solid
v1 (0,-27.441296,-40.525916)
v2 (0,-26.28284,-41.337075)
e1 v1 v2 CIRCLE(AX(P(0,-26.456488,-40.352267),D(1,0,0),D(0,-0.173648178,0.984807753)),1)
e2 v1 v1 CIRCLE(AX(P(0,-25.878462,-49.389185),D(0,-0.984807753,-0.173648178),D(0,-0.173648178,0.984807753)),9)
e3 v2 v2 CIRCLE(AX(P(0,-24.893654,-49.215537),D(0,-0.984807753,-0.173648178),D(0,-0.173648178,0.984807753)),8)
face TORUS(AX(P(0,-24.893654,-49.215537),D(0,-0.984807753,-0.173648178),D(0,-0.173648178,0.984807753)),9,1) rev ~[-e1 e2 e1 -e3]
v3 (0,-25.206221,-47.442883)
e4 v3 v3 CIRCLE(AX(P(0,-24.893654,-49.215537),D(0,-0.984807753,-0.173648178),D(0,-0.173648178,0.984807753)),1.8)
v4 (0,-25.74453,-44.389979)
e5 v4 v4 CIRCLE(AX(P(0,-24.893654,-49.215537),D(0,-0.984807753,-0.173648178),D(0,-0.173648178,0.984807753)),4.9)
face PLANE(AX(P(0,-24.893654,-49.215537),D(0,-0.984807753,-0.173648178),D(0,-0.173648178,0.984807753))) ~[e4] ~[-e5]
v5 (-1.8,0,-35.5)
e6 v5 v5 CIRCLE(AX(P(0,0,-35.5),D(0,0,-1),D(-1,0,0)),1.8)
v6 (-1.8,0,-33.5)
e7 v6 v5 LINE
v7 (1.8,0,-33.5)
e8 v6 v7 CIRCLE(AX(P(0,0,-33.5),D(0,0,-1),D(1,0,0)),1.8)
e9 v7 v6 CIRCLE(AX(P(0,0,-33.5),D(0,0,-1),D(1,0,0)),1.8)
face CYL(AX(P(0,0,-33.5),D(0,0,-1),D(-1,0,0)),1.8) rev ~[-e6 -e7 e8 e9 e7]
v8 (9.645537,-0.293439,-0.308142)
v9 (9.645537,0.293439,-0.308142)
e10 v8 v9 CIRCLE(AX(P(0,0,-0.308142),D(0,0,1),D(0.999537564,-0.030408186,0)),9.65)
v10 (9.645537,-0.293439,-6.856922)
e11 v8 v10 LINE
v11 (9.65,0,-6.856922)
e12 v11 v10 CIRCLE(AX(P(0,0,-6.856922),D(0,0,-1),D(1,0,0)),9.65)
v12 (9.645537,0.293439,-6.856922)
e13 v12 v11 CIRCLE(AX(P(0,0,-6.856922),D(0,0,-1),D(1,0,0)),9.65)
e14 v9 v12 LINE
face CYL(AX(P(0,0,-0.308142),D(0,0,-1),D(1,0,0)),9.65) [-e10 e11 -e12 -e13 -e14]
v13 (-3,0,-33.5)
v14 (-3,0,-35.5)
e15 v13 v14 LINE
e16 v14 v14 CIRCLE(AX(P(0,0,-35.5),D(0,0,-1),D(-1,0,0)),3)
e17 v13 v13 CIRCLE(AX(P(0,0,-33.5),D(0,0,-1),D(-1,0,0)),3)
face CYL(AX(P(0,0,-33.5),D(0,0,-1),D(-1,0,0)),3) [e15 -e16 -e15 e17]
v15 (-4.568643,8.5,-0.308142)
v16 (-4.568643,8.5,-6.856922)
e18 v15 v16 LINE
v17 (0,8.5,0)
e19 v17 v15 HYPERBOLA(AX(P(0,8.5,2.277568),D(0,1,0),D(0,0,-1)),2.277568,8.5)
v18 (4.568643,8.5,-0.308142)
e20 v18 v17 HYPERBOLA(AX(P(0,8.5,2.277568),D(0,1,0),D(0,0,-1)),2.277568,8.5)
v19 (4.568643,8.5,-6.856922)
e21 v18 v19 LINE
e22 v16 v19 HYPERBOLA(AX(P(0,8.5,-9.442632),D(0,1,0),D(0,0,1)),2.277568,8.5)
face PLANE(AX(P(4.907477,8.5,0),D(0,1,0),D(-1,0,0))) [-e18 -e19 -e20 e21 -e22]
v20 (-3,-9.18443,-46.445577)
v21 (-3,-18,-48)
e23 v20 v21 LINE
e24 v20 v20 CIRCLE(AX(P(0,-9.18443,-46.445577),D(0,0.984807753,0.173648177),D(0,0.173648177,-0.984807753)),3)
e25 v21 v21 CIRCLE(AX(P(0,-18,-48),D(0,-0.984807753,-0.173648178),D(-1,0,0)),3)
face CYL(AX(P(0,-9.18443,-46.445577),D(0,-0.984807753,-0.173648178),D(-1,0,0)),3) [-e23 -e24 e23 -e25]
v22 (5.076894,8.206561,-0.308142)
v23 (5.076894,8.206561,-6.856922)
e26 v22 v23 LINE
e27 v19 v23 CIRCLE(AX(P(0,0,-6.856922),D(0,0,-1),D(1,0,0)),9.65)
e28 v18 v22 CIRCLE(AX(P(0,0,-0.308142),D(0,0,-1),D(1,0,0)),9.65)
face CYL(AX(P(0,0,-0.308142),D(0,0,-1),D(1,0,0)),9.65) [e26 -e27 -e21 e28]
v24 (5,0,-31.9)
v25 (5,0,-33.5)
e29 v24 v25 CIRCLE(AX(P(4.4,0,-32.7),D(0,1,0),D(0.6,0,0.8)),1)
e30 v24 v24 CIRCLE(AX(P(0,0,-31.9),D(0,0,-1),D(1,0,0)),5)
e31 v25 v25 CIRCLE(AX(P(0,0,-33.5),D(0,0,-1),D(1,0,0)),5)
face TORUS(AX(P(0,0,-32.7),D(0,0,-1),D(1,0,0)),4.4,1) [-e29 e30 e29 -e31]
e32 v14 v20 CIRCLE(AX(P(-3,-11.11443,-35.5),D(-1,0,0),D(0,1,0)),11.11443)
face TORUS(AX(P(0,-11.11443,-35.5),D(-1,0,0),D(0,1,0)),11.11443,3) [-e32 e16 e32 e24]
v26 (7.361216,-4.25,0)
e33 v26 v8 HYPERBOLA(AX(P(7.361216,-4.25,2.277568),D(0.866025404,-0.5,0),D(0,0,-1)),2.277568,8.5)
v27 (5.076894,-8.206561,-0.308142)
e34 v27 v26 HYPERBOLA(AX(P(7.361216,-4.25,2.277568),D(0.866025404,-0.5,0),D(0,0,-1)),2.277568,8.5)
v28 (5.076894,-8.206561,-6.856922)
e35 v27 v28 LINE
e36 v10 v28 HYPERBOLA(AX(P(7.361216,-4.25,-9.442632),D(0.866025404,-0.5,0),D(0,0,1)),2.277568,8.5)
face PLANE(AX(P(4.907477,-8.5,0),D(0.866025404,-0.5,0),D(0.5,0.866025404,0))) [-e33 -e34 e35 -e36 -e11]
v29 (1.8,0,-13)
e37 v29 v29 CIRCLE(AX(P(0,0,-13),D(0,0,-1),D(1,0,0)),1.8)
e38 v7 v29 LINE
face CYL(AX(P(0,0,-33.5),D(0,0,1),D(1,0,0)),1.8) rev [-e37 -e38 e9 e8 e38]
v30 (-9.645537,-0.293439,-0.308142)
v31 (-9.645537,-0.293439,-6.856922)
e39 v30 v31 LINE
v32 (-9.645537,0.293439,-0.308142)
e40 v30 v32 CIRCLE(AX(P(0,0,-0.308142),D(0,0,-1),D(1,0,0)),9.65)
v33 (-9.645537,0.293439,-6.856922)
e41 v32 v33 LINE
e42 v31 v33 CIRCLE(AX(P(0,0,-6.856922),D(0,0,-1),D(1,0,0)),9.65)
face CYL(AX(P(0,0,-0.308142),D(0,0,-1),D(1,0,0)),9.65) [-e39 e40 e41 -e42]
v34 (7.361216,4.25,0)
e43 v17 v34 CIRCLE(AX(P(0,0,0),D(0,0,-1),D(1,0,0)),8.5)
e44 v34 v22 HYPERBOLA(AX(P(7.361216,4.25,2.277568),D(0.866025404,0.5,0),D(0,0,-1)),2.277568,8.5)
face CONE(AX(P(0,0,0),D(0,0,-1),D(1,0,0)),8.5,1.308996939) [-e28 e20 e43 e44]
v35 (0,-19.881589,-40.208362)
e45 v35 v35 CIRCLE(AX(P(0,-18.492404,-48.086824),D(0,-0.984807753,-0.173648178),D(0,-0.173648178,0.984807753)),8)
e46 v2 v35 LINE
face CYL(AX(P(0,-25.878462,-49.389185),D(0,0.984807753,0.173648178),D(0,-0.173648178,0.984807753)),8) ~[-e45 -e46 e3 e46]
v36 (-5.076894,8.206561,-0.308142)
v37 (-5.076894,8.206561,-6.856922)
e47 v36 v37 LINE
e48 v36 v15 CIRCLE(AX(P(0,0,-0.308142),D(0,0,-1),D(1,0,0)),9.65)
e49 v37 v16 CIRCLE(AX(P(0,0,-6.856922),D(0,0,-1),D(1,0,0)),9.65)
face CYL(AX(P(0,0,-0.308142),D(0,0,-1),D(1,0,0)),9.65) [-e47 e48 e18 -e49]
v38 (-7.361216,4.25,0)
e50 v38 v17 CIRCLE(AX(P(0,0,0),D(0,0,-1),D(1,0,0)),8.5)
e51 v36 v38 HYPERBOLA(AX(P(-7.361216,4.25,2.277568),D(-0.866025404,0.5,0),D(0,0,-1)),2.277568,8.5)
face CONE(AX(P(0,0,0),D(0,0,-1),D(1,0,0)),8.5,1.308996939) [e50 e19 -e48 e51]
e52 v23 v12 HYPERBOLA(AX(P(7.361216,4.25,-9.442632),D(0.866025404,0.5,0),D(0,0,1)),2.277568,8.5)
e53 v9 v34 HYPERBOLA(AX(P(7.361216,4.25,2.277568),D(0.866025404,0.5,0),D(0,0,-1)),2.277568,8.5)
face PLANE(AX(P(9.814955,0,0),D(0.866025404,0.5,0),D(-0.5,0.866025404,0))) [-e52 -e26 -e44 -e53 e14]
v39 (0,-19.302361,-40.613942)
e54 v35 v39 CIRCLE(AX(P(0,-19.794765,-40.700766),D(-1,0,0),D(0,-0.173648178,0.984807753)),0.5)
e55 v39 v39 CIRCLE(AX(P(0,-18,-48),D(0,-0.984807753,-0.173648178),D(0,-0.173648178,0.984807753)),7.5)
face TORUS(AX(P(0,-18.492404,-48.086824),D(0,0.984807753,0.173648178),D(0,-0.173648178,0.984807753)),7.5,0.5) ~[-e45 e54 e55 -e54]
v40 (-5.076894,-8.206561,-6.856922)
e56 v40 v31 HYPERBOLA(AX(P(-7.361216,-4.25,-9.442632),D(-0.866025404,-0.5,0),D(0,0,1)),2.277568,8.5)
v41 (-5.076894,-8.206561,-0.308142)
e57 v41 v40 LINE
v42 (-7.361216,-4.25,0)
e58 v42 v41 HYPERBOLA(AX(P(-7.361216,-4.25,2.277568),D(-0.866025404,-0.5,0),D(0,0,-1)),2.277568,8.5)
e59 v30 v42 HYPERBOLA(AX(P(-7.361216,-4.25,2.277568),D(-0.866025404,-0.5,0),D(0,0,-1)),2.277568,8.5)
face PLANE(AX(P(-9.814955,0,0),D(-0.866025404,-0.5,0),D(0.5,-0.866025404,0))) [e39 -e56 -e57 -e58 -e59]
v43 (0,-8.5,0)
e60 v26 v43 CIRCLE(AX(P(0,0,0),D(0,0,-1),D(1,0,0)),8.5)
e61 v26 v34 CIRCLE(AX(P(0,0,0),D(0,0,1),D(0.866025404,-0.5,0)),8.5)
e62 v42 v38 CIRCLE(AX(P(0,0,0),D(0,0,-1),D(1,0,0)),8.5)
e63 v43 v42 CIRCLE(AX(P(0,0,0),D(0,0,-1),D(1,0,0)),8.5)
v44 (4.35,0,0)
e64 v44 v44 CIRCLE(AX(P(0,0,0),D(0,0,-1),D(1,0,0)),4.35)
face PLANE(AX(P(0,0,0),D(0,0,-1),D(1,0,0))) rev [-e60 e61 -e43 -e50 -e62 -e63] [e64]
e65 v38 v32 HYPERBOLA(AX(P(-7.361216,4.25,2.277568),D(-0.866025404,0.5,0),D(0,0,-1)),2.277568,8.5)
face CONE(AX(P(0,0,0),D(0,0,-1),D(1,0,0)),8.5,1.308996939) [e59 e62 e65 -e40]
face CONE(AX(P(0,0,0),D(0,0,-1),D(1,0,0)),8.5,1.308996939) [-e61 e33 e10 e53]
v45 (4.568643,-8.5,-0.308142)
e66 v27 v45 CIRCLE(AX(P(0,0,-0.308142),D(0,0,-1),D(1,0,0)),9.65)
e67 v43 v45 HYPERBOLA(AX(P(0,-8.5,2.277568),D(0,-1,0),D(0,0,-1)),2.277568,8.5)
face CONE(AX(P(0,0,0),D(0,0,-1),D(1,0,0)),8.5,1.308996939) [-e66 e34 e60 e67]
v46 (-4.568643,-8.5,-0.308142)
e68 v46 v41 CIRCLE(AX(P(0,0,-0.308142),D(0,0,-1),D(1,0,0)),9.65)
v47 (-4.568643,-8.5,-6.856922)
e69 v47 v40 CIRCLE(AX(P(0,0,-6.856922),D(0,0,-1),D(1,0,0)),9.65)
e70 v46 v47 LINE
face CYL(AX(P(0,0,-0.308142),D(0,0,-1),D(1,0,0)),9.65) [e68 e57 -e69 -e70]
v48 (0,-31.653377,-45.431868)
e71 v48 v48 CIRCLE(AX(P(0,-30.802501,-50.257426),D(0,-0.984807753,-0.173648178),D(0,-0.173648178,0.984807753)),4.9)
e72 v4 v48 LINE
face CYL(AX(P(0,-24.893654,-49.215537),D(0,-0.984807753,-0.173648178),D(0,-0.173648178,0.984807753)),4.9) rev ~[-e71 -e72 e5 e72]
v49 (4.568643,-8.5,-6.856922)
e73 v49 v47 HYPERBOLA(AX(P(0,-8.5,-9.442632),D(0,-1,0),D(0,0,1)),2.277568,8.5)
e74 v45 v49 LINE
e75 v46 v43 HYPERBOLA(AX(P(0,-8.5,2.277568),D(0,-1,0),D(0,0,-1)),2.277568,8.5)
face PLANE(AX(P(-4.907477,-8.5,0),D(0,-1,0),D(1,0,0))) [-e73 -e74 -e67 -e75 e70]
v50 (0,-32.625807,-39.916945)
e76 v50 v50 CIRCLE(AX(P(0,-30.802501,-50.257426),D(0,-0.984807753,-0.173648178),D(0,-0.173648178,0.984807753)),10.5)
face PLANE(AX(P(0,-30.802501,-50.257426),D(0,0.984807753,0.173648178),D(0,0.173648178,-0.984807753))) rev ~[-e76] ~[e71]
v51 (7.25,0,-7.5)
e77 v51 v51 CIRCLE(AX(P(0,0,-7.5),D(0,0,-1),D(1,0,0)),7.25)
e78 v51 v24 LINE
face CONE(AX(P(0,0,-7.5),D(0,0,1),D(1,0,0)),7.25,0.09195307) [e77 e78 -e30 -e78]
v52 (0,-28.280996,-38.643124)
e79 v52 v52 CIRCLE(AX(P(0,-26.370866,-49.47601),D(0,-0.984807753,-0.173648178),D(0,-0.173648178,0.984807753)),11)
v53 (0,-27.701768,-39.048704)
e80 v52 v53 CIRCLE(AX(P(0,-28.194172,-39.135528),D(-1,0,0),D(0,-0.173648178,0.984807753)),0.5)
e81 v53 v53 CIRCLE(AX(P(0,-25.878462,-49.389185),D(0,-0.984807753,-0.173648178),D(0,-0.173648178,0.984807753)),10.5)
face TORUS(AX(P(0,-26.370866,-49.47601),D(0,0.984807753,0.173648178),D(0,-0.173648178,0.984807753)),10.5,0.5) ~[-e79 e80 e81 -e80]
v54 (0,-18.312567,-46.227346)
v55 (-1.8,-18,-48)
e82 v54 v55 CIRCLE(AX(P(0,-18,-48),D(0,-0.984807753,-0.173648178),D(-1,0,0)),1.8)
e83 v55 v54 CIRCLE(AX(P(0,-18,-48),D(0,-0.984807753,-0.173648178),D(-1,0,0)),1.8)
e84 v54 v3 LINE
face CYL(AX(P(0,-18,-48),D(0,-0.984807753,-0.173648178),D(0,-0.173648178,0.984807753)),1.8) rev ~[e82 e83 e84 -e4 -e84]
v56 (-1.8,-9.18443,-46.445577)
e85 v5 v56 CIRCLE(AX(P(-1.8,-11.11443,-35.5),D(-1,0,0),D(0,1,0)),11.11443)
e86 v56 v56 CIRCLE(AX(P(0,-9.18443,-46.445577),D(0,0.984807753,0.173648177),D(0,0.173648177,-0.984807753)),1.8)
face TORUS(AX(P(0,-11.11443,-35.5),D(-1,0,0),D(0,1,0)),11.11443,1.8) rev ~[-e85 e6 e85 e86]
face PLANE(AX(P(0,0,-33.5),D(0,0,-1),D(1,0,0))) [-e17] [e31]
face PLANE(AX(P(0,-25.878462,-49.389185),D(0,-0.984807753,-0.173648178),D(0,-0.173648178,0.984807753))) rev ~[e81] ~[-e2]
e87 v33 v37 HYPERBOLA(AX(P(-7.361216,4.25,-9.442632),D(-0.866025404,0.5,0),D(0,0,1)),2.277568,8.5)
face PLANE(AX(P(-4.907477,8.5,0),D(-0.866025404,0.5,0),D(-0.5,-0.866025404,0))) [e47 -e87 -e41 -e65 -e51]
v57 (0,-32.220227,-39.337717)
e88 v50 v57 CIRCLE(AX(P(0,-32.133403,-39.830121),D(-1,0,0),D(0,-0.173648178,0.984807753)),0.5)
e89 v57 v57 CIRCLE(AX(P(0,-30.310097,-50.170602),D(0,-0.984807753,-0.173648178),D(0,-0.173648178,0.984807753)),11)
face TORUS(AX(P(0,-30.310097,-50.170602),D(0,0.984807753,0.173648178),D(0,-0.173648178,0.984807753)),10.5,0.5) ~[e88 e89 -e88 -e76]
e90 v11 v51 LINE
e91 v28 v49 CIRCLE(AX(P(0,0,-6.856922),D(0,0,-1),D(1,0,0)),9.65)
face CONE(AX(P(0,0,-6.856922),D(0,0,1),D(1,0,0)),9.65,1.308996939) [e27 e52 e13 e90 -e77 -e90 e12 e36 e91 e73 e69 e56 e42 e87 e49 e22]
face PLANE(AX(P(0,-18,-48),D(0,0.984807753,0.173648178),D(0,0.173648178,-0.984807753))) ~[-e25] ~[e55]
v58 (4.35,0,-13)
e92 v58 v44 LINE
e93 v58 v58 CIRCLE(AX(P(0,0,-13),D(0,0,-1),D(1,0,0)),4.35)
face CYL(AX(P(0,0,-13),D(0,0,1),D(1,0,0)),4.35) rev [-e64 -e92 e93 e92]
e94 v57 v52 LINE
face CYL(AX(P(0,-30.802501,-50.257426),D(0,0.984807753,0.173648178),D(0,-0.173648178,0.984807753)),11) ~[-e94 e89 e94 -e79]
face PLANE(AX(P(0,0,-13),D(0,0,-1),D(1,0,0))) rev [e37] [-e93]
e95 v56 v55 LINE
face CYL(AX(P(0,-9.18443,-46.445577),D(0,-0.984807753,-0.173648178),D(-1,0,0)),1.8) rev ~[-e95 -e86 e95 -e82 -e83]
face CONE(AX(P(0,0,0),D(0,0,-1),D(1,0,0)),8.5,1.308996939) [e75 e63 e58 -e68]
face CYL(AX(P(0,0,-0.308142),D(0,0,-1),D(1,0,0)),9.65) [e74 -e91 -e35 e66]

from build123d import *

# Parameters (mm, degrees)
SKETCH2_OUTSIDE_W  = 29.942
SKETCH2_OUTSIDE_H  = 29.942
CUT_EXTRUDE1_DEPTH = 10
SKETCH4_R          = 3
SKETCH4_R_2        = 1.8
FILLET1_R          = 0.5
FILLET2_R          = 1


with BuildPart() as part:
    # Sketch1 → Revolve1 (revolve)
    with BuildSketch(Plane(origin=(0, 0, 0), x_dir=(0, 0, -1), z_dir=(1, 0, 0)), mode=Mode.PRIVATE) as revolve1_sk:
        with BuildLine():
            Line((0, 4.35), (0, 8.5))
            Line((0, 8.5), (0.308141571, 9.65))
            Line((0.308141571, 9.65), (6.856921938, 9.65))
            Line((6.856921938, 9.65), (7.5, 7.25))
            Line((7.5, 7.25), (31.9, 5))
            ThreePointArc((31.9, 5), (32.7, 5.4), (33.5, 5))
            Line((33.5, 5), (33.5, 1.8))
            Line((33.5, 1.8), (13, 1.8))
            Line((13, 1.8), (13, 4.35))
            Line((13, 4.35), (0, 4.35))
        make_face()
    revolve(revolve1_sk.sketch.rotate(Axis((0, 0, 0), (0, 0, -1)), 90), axis=Axis((0, 0, 0), (0, 0, -1)))

    # Sketch2 outside → Cut-Extrude1 (cut)
    with BuildSketch(Plane.XY):
        Rectangle(SKETCH2_OUTSIDE_W, SKETCH2_OUTSIDE_H)
        Polygon((9.814954576, 0), (4.907477288, 8.5), (-4.907477288, 8.5), (-9.814954576, 0), (-4.907477288, -8.5), (4.907477288, -8.5), align=None, mode=Mode.SUBTRACT)
    extrude(amount=-CUT_EXTRUDE1_DEPTH, mode=Mode.SUBTRACT)

    # Sweep1: sweep along a path in Sketch3
    with BuildLine(Plane(origin=(0, 0, 0), x_dir=(0, 0, -1), z_dir=(1, 0, 0))) as sweep1_path:
        Line((33.5, 0), (35.5, 0))
        ThreePointArc((35.5, 0), (42.644218072, -2.600282725), (46.445577108, -9.184429715))
        Line((46.445577108, -9.184429715), (48, -18))
    # Sketch4 → Sweep1 (sweep)
    with BuildSketch(Plane(origin=(0, 0, -33.5), x_dir=(-1, 0, 0), z_dir=(0, 0, -1))):
        Circle(SKETCH4_R)
        Circle(SKETCH4_R_2, mode=Mode.SUBTRACT)
    sweep(path=sweep1_path.line)

    # Sketch5 → Revolve2 (revolve)
    with BuildSketch(Plane(origin=(0, 0, 0), x_dir=(0, 0, -1), z_dir=(1, 0, 0)), mode=Mode.PRIVATE) as revolve2_sk:
        Polygon((55.082984299, -29.951624719), (61.090311593, -28.892370835), (60.222070704, -23.96833207), (57.267647445, -24.489276603), (55.878462024, -16.610814579), (49.772653955, -17.68743328), (50.988191199, -24.581087551), (54.041095233, -24.042778201), align=None)
    revolve(revolve2_sk.sketch.rotate(Axis((0, -18, -48), (0, -0.9848077530122075, -0.1736481776669341)), 180), axis=Axis((0, -18, -48), (0, -0.9848077530122075, -0.1736481776669341)))

    # Fillet1
    fillet1_edges = [part.edges().sort_by_distance(p)[0] for p in [
        (0, -28.892370835, -61.090311593),
        (0, -23.96833207, -60.222070704),
        (0, -16.610814579, -55.878462024),
    ]]
    fillet(fillet1_edges, radius=FILLET1_R)

    # Fillet2
    fillet2_edges = [part.edges().sort_by_distance(p)[0] for p in [
        (0, -24.489276603, -57.267647445),
    ]]
    fillet(fillet2_edges, radius=FILLET2_R)


solid = part.part
